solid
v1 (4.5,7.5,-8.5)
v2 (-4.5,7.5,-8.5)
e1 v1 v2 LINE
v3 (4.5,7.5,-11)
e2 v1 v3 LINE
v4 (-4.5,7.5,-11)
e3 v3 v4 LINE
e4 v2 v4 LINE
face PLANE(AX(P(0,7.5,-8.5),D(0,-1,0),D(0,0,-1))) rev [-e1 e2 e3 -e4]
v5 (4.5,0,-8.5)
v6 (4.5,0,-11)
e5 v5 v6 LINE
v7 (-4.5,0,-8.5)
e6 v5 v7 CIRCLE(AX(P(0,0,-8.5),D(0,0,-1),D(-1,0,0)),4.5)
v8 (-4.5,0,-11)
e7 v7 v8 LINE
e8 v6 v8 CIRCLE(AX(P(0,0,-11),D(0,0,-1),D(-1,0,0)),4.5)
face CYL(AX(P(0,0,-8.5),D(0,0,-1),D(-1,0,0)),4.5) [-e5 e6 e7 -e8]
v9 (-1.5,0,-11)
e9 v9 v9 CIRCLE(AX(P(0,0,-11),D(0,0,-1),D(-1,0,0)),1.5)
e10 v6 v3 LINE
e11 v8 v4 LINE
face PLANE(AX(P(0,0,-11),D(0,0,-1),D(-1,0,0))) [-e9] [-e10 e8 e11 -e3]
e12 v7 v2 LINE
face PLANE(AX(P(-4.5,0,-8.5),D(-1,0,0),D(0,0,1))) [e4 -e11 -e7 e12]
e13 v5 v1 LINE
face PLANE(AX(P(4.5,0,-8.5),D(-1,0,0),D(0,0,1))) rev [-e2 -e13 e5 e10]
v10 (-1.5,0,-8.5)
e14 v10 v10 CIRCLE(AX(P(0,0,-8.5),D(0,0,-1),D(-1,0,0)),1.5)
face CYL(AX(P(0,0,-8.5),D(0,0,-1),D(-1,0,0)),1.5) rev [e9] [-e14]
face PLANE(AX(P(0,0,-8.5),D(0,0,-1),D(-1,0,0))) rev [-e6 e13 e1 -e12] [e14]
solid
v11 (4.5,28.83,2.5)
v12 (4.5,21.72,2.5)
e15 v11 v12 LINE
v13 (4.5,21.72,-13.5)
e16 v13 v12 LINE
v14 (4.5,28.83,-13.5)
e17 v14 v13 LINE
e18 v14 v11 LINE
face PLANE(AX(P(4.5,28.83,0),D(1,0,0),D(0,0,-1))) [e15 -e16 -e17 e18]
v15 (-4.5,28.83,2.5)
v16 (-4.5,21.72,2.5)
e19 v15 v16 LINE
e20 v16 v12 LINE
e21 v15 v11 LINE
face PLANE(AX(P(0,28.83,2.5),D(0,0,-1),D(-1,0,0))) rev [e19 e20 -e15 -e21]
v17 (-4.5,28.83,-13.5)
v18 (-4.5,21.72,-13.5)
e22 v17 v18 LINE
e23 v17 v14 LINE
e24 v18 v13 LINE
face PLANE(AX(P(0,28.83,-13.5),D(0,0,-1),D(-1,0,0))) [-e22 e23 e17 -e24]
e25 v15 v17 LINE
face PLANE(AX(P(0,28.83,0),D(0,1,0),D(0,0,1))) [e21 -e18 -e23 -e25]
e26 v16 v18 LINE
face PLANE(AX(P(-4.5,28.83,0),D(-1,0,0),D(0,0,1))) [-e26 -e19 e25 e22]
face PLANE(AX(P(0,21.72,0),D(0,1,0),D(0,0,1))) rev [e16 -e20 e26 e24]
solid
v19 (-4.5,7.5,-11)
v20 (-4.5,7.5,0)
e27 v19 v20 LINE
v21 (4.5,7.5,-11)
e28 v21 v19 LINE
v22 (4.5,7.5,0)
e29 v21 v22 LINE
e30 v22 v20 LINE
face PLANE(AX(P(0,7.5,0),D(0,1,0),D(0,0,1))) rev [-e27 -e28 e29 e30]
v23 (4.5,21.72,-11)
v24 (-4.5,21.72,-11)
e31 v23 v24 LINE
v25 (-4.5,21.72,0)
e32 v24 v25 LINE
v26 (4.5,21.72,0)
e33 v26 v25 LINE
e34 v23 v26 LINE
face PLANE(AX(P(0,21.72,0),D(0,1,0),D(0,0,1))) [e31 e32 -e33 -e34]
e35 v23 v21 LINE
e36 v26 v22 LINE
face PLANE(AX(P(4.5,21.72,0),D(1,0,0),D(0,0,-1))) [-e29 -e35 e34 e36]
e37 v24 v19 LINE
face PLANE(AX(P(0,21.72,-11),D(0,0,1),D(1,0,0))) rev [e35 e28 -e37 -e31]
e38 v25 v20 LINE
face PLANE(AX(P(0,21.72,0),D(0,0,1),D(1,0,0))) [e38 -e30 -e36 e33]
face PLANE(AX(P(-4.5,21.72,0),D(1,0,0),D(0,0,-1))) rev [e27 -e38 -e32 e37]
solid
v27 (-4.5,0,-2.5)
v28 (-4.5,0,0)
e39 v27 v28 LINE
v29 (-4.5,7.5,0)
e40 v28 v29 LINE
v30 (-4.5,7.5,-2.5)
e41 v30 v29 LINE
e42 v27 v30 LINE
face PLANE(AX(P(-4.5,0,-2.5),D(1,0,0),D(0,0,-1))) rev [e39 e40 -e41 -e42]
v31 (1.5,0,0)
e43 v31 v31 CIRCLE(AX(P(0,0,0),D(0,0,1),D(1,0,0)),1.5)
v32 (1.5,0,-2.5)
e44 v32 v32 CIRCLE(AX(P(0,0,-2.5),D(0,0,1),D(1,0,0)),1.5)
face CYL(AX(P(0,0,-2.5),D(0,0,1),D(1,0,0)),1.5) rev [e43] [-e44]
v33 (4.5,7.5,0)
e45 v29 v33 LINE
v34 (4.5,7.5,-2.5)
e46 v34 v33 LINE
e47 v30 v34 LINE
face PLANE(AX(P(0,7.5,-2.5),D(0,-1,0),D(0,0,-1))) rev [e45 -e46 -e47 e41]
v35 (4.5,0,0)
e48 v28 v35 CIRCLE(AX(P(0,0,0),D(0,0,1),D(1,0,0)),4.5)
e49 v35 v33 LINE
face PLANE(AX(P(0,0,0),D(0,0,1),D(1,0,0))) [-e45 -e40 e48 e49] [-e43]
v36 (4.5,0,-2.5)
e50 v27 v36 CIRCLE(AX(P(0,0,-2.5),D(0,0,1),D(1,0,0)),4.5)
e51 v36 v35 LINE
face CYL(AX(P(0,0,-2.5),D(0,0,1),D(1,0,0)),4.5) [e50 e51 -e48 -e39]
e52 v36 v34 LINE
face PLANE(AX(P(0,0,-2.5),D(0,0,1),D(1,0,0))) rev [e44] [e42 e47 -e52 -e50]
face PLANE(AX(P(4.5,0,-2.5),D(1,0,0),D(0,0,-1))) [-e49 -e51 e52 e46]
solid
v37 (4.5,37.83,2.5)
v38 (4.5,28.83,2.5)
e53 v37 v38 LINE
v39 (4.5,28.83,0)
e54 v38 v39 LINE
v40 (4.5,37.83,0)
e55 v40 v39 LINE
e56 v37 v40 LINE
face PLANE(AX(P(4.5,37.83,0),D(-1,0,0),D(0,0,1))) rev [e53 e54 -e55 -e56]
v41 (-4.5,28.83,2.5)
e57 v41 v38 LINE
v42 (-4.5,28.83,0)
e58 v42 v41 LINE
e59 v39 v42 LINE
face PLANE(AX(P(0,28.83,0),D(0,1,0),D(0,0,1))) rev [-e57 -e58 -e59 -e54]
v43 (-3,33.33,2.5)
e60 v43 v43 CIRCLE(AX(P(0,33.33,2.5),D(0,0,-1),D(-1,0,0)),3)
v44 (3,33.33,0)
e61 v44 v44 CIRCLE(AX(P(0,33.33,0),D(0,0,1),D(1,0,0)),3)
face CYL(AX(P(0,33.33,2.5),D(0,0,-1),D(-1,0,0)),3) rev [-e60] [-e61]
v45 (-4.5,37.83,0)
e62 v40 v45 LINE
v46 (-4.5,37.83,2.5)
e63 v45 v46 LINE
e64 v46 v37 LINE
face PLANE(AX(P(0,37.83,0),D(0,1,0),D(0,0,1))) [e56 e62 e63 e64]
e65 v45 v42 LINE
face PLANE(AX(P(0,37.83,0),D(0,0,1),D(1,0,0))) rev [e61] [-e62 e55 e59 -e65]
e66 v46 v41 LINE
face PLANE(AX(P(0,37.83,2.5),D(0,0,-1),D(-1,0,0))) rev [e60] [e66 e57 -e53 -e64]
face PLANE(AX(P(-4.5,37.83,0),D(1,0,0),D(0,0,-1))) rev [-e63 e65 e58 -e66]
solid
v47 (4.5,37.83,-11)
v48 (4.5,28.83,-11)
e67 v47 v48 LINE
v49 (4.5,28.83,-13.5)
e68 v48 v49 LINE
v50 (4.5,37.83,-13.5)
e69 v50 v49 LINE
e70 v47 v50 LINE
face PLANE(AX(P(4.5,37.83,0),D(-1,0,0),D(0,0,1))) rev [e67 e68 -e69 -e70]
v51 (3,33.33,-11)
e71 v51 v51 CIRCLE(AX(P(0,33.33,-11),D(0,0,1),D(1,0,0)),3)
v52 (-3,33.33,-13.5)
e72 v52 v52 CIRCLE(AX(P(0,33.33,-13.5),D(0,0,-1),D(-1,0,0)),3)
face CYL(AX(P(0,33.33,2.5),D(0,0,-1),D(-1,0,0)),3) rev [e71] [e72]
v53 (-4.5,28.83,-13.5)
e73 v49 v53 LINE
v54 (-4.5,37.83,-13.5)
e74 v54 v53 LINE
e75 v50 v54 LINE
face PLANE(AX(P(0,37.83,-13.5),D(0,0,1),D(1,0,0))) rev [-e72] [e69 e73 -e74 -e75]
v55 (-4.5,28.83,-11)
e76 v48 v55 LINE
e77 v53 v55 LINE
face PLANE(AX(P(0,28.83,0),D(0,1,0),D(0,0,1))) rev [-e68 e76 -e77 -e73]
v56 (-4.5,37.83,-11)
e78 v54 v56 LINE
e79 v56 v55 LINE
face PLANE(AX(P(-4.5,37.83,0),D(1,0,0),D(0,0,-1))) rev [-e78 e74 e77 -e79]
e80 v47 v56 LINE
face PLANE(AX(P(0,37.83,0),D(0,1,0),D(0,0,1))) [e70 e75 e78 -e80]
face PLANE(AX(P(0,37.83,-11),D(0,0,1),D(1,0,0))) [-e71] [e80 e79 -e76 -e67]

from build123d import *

# Parameters (mm, degrees)
SKETCH1_R             = 4.5
SKETCH1_R_2           = 1.5
BOSS_EXTRUDE1_DEPTH   = 2.5
SKETCH4_R             = 4.5
SKETCH4_R_2           = 1.5
BOSS_EXTRUDE2_DEPTH   = 2.5
SKETCH5_W             = 9
SKETCH5_H             = 11
BOSS_EXTRUDE3_DEPTH   = 14.22
SKETCH6_W             = 9
SKETCH6_H             = 2.5
SKETCH6_H_2           = 11
BOSS_EXTRUDE4_DEPTH   = 7.11
SKETCH7_W             = 9
SKETCH7_H             = 2.5
BOSS_EXTRUDE5_DEPTH   = 9
BOSS_EXTRUDE5_2_DEPTH = 9
SKETCH8_R             = 3
CUT_EXTRUDE1_DEPTH    = 16


with BuildPart() as part:
    # Sketch1 → Boss-Extrude1 (new body)
    # profile 1 of 2: a face of its own
    with BuildSketch(Plane.XY):
        Circle(SKETCH1_R)
        Circle(SKETCH1_R_2, mode=Mode.SUBTRACT)
    # profile 2 of 2: a face of its own
    with BuildSketch(Plane.XY):
        with BuildLine():
            Line((-4.5, 7.5), (-4.5, 0))
            ThreePointArc((-4.5, 0), (0, 4.5), (4.5, 0))
            Line((4.5, 0), (4.5, 7.5))
            Line((4.5, 7.5), (-4.5, 7.5))
        make_face()
    extrude(amount=-BOSS_EXTRUDE1_DEPTH)


with BuildPart() as body_2:
    # Sketch4 → Boss-Extrude2 (new body)
    # profile 1 of 2: a face of its own
    with BuildSketch(Plane(origin=(0, 0, -11), x_dir=(-1, 0, 0), z_dir=(0, 0, -1))):
        Circle(SKETCH4_R)
        Circle(SKETCH4_R_2, mode=Mode.SUBTRACT)
    # profile 2 of 2: a face of its own
    with BuildSketch(Plane(origin=(0, 0, -11), x_dir=(-1, 0, 0), z_dir=(0, 0, -1))):
        with BuildLine():
            Line((-4.5, 7.5), (-4.5, 0))
            ThreePointArc((-4.5, 0), (0, 4.5), (4.5, 0))
            Line((4.5, 0), (4.5, 7.5))
            Line((4.5, 7.5), (-4.5, 7.5))
        make_face()
    extrude(amount=-BOSS_EXTRUDE2_DEPTH)


with BuildPart() as body_3:
    # Sketch5 → Boss-Extrude3 (new body)
    with BuildSketch(Plane(origin=(0, 7.5, 0), x_dir=(1, 0, 0), z_dir=(0, 1, 0))):
        with Locations((0, 5.5)):
            Rectangle(SKETCH5_W, SKETCH5_H)
    extrude(amount=BOSS_EXTRUDE3_DEPTH)


with BuildPart() as body_4:
    # Sketch6 → Boss-Extrude4 (new body)
    with BuildSketch(Plane(origin=(0, 21.72, 0), x_dir=(1, 0, 0), z_dir=(0, 1, 0))):
        with Locations((0, 12.25)):
            Rectangle(SKETCH6_W, SKETCH6_H)
        with Locations((0, 5.5)):
            Rectangle(SKETCH6_W, SKETCH6_H_2)
        with Locations((0, -1.25)):
            Rectangle(SKETCH6_W, SKETCH6_H)
    extrude(amount=BOSS_EXTRUDE4_DEPTH)


with BuildPart() as body_5:
    # Sketch7 → Boss-Extrude5 (new body)
    with BuildSketch(Plane(origin=(0, 28.83, 0), x_dir=(1, 0, 0), z_dir=(0, 1, 0))):
        with Locations((0, 12.25)):
            Rectangle(SKETCH7_W, SKETCH7_H)
    extrude(amount=BOSS_EXTRUDE5_DEPTH)


with BuildPart() as body_6:
    # Sketch7 → Boss-Extrude5 2 (new body)
    with BuildSketch(Plane(origin=(0, 28.83, 0), x_dir=(1, 0, 0), z_dir=(0, 1, 0))):
        with Locations((0, -1.25)):
            Rectangle(SKETCH7_W, SKETCH7_H)
    extrude(amount=BOSS_EXTRUDE5_2_DEPTH)


with BuildPart() as cut_extrude1_tool:
    # Sketch8 → Cut-Extrude1 (new body)
    with BuildSketch(Plane(origin=(0, 0, -13.5), x_dir=(-1, 0, 0), z_dir=(0, 0, -1))):
        with Locations((0, 33.33)):
            Circle(SKETCH8_R)
    extrude(amount=-CUT_EXTRUDE1_DEPTH)


with BuildPart() as body_5_1:
    add(body_5.part)

    # Cut-Extrude1: cut by cut_extrude1_tool
    add(cut_extrude1_tool.part, mode=Mode.SUBTRACT)


with BuildPart() as body_6_1:
    add(body_6.part)

    # Cut-Extrude1: cut by cut_extrude1_tool
    add(cut_extrude1_tool.part, mode=Mode.SUBTRACT)


solid = Compound([part.part, body_2.part, body_3.part, body_4.part, body_5_1.part, body_6_1.part])
